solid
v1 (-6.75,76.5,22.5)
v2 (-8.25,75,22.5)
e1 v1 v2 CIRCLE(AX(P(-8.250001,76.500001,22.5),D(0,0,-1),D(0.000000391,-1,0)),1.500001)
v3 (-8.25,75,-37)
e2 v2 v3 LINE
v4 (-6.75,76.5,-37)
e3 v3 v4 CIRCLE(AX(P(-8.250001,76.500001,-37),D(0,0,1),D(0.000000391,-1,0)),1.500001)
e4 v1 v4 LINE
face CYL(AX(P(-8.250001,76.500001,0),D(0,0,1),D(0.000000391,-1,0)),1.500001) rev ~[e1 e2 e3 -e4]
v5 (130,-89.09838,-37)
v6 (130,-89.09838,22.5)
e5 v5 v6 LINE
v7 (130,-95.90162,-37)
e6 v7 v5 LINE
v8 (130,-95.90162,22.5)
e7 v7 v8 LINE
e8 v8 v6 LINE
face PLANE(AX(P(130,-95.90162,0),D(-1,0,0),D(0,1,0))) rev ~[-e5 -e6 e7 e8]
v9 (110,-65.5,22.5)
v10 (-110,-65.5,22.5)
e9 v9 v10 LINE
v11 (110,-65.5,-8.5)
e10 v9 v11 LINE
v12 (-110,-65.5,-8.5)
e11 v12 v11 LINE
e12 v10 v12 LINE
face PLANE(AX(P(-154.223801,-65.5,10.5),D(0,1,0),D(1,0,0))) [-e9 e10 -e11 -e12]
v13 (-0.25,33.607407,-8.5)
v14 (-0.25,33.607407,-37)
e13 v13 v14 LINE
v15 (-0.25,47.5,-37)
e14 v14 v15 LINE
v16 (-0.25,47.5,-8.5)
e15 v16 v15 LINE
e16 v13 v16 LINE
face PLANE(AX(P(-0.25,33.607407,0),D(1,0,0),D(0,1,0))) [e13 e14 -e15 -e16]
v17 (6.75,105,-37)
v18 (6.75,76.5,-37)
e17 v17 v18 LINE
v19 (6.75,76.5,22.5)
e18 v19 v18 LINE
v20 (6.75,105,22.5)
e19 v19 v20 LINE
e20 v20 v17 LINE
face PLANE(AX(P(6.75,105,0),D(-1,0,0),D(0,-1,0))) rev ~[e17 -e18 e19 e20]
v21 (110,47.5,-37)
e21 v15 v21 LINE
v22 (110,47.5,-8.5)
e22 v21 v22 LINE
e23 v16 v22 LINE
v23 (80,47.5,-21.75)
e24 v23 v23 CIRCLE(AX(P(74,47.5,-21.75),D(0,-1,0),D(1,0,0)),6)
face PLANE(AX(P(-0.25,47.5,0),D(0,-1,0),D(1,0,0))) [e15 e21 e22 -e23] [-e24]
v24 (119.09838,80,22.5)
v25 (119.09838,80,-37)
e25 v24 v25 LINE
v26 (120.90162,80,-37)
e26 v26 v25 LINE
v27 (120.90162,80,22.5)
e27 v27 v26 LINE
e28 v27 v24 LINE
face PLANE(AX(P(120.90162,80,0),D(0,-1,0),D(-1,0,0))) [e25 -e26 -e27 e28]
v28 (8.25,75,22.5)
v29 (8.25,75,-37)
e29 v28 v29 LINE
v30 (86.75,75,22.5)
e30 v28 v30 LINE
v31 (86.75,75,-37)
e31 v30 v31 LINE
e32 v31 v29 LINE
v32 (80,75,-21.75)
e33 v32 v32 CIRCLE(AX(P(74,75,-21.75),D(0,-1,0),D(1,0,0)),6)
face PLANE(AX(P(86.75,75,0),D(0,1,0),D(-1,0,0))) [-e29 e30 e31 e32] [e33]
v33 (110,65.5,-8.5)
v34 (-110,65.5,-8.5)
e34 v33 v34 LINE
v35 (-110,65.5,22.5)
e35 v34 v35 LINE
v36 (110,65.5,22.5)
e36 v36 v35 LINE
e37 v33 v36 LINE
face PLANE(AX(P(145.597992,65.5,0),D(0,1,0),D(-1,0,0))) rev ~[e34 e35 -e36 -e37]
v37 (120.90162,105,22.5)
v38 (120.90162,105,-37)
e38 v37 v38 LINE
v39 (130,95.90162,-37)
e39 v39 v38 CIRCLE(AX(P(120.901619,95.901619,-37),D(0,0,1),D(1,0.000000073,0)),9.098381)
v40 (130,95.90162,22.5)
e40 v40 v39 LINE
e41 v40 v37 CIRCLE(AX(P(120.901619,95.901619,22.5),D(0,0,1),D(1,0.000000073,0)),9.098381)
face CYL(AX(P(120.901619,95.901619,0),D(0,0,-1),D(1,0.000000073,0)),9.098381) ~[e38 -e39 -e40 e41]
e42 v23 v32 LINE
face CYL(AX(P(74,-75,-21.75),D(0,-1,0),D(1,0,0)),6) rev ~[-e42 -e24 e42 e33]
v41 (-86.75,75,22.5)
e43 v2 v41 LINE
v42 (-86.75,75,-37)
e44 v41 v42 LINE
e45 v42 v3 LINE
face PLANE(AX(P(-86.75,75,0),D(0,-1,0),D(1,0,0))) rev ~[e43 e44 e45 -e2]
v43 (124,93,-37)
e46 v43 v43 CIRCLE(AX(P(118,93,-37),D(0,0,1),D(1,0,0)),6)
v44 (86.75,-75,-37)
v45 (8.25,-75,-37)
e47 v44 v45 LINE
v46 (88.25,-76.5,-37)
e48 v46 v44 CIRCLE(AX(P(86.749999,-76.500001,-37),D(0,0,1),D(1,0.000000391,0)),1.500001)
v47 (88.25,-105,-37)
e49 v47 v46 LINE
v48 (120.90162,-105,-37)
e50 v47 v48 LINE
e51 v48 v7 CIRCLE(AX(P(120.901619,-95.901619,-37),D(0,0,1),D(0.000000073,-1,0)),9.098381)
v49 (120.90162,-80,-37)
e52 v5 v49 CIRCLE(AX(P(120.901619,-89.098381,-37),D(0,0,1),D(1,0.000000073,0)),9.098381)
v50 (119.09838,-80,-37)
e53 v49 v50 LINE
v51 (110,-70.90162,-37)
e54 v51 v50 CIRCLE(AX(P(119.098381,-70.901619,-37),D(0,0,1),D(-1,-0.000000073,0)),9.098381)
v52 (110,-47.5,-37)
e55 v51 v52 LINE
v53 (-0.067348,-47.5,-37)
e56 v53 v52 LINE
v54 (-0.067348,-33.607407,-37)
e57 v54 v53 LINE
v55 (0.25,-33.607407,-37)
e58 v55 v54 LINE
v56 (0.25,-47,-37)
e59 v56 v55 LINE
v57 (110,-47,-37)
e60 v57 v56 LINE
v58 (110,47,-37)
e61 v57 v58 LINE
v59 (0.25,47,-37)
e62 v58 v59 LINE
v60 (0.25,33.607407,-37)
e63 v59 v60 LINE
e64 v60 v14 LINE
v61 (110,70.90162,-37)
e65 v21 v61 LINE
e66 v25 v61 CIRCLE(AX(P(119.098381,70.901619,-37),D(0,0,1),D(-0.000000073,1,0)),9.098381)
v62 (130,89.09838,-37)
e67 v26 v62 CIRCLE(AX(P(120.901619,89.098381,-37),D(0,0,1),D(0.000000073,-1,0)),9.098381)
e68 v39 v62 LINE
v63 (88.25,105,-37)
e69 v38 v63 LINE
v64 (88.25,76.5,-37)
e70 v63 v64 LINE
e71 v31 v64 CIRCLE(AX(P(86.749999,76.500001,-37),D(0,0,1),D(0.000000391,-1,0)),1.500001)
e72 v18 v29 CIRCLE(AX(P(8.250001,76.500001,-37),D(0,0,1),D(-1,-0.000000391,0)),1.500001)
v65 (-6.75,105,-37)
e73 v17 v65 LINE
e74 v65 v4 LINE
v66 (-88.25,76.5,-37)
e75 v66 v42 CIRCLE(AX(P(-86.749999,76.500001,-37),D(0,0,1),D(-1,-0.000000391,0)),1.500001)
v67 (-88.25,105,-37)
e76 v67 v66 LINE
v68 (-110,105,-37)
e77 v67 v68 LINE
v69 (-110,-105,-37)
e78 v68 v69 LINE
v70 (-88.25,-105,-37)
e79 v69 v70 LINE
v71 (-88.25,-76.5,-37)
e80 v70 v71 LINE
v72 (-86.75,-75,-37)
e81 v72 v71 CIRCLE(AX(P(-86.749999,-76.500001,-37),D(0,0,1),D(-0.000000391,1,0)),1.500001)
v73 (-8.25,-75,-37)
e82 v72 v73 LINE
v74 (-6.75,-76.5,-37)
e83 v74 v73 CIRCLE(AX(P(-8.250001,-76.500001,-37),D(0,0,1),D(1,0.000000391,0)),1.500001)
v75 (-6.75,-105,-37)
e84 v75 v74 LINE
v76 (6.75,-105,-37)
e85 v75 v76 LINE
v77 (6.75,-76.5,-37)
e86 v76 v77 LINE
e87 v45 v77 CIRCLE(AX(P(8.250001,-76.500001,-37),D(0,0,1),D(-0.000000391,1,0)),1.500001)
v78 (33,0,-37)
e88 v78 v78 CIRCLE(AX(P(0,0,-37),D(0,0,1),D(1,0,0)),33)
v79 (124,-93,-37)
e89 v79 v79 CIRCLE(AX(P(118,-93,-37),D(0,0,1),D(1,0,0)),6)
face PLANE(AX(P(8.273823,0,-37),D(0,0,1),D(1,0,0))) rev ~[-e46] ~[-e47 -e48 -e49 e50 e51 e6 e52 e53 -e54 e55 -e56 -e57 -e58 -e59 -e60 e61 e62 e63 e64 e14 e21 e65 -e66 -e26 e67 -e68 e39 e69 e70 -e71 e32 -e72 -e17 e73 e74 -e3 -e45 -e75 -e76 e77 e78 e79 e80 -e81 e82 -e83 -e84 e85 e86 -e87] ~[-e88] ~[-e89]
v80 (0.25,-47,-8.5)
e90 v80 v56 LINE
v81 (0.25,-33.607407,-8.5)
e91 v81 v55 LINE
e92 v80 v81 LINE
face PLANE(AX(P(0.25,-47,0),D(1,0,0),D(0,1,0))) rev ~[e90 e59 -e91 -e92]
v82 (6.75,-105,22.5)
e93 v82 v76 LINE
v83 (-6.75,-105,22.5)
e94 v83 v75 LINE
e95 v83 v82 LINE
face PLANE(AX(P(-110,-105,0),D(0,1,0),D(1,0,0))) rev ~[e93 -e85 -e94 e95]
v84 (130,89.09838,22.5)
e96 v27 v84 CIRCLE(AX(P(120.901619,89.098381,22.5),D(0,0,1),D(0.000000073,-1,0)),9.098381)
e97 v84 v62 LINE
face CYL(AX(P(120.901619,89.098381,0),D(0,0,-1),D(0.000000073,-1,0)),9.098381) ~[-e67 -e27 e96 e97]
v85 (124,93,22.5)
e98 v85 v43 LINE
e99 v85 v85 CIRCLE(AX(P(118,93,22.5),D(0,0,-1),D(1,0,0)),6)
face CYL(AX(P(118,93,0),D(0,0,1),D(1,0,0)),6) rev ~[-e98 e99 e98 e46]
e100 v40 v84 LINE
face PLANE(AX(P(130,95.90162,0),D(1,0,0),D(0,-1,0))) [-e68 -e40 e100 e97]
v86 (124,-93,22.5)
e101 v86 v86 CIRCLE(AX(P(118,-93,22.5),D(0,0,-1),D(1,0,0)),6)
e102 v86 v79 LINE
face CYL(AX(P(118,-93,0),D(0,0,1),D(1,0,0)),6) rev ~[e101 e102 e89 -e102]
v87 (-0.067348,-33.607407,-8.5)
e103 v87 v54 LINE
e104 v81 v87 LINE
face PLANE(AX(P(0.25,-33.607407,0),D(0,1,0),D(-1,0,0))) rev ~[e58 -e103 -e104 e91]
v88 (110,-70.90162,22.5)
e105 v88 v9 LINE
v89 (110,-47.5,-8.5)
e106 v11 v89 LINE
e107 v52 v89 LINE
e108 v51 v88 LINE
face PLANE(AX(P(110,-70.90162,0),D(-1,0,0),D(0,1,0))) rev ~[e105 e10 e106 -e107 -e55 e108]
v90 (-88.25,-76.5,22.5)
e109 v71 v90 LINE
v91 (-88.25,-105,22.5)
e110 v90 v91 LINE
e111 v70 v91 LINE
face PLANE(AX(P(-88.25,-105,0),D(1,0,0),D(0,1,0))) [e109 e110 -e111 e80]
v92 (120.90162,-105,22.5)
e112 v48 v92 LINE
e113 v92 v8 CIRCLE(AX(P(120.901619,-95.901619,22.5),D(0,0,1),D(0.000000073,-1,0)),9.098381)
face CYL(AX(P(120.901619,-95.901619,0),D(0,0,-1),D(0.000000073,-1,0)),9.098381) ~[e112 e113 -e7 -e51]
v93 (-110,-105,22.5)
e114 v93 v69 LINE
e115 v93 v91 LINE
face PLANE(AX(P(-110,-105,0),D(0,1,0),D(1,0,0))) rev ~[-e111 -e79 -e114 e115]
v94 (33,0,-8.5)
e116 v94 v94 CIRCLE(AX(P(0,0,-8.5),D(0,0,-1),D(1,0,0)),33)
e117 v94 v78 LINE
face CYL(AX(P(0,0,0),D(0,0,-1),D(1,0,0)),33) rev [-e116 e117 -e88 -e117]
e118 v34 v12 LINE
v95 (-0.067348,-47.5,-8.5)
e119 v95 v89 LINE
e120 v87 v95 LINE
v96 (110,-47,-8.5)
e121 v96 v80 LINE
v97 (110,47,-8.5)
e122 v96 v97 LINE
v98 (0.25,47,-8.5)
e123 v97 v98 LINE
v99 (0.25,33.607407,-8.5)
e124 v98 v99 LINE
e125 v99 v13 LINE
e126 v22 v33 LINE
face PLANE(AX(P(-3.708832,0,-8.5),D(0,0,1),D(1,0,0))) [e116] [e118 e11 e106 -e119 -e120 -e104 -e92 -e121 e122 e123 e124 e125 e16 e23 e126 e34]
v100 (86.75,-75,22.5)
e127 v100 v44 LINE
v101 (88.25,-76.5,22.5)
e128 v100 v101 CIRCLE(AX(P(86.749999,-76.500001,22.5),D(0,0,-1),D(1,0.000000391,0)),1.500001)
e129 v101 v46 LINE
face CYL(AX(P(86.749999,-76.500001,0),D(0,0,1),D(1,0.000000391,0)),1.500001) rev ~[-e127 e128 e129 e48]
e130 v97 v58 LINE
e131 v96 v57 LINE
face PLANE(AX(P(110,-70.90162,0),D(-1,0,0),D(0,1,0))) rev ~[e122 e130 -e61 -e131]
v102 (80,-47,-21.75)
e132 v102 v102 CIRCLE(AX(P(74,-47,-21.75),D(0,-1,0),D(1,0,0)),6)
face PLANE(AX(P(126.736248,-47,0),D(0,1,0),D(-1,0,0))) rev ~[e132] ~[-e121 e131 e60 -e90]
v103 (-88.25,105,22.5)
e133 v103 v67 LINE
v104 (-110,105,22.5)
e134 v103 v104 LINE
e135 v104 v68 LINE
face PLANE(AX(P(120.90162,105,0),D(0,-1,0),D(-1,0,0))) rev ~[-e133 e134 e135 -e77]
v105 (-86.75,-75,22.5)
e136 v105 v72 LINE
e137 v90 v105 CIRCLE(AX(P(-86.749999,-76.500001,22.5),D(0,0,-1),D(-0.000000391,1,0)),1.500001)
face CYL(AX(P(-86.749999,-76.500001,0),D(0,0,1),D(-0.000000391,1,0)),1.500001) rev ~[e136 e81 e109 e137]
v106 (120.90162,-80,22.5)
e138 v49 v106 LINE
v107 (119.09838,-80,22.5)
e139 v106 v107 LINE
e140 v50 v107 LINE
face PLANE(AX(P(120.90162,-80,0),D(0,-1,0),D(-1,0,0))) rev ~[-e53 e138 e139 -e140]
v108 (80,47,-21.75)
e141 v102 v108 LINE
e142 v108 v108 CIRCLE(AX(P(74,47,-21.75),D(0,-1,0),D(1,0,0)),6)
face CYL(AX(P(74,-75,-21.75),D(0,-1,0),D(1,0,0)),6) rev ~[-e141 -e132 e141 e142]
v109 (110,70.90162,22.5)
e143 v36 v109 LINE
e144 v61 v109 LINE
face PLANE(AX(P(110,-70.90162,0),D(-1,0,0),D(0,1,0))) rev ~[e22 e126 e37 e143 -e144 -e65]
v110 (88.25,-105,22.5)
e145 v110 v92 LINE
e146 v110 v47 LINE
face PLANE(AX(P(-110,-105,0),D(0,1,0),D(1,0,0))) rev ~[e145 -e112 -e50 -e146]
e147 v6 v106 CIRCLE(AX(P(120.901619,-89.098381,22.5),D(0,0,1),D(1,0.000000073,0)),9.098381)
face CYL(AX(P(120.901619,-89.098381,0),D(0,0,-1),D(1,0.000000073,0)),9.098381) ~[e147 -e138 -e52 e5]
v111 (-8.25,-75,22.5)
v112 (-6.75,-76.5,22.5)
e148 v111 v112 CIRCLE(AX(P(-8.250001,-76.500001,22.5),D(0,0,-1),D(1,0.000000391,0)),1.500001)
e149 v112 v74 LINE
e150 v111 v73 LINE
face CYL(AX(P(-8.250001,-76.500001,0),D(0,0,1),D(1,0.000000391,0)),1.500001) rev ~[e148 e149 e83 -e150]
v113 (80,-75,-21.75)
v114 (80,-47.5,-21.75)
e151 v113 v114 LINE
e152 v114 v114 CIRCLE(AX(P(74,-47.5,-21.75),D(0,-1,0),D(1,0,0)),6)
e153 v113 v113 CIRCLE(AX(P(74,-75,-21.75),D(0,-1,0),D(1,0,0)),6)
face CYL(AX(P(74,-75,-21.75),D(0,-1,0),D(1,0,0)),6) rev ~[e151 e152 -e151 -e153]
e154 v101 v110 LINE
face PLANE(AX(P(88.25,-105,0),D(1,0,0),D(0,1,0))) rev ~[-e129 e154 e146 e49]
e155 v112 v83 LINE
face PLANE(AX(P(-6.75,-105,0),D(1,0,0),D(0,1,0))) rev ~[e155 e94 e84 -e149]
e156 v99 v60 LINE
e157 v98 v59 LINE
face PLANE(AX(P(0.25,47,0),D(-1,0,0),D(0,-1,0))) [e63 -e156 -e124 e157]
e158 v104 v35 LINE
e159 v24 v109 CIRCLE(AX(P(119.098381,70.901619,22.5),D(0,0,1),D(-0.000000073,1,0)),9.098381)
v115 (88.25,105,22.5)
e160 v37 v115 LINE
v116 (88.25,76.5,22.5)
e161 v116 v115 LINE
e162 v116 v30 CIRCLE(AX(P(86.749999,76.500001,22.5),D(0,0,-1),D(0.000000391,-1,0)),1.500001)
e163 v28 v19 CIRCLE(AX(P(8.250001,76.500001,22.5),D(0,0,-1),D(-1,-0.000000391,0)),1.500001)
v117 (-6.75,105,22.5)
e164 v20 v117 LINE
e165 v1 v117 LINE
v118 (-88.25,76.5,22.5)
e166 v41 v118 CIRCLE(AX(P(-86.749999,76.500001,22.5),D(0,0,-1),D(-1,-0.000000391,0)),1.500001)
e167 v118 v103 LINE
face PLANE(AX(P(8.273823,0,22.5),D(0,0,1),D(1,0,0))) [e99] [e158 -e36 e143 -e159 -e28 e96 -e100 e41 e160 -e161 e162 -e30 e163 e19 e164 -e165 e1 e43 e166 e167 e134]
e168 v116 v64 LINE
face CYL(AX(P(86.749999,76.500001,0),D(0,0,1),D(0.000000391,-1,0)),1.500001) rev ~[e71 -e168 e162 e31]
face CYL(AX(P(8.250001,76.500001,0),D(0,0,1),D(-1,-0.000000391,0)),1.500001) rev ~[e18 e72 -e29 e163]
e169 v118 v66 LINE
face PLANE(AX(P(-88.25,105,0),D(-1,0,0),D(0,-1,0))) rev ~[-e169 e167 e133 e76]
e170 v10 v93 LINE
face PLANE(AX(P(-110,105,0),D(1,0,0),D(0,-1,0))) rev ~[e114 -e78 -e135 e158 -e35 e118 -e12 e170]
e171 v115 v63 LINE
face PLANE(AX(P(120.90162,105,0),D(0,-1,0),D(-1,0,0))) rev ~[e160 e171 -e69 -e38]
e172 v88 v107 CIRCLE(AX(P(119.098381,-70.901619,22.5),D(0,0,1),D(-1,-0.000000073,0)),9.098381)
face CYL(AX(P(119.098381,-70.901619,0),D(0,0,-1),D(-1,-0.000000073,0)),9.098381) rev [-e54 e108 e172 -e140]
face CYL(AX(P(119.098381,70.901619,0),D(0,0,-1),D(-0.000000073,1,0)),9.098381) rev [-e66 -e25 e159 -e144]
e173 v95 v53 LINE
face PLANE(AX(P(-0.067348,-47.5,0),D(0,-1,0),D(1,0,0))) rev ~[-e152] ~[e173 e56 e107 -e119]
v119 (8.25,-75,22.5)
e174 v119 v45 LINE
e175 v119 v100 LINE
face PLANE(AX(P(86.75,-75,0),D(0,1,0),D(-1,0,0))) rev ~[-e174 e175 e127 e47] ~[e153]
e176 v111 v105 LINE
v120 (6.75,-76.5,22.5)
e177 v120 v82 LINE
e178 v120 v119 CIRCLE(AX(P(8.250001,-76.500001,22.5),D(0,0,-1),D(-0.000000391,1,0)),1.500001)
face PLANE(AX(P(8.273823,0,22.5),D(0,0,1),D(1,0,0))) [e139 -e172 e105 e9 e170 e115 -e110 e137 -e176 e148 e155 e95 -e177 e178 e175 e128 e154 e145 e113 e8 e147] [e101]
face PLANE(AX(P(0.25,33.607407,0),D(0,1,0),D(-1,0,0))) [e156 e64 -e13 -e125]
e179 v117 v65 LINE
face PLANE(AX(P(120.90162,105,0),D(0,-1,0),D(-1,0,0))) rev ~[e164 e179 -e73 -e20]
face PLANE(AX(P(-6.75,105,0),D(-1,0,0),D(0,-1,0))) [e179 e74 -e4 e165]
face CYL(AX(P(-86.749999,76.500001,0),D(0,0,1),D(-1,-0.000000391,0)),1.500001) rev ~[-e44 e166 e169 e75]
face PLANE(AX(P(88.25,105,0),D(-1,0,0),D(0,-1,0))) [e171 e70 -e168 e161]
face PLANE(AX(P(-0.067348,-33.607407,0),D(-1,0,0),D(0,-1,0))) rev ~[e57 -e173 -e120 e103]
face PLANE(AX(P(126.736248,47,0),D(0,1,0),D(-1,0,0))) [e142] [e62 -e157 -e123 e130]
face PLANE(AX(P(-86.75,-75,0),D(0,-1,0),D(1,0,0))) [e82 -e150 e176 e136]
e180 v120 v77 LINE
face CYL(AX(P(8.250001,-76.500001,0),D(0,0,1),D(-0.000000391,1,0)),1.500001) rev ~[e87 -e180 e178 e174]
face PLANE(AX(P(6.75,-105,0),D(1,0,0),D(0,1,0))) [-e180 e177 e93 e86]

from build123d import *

# Parameters (mm, degrees)
SKETCH021_R          = 33
PAD017_DEPTH         = 37
PAD017_DEPTH_BACK    = 22.5
POCKET017_DEPTH      = 8.5
POCKET017_DEPTH_BACK = 13
SKETCH_2_R           = 6
POCKET018_DEPTH      = 50
POCKET018_DEPTH_BACK = 50
SKETCH028_R          = 6
POCKET019_DEPTH      = 180.001
POCKET020_START      = 10.5
SKETCH034_W          = 315.852005
SKETCH034_H          = 131
POCKET020_DEPTH      = 14.5


with BuildPart() as part:
    # Sketch021 → Pad017 (new body, two sides)
    with BuildSketch(Plane.XY) as pad017_sk:
        with BuildLine():
            Line((-110, -105), (110, -105))
            Line((110, -105), (120.90162, -105))
            ThreePointArc((120.90162, -105), (127.335146, -102.335146), (130, -95.90162))
            Line((130, -95.90162), (130, -89.09838))
            ThreePointArc((130, -89.09838), (127.335146, -82.664854), (120.90162, -80))
            Line((120.90162, -80), (119.09838, -80))
            ThreePointArc((110, -70.90162), (112.664854, -77.335146), (119.09838, -80))
            Line((110, -70.90162), (110, 0))
            Line((110, 70.90162), (110, 0))
            ThreePointArc((119.09838, 80), (112.664854, 77.335146), (110, 70.90162))
            Line((120.90162, 80), (119.09838, 80))
            ThreePointArc((120.90162, 80), (127.335146, 82.664854), (130, 89.09838))
            Line((130, 95.90162), (130, 89.09838))
            ThreePointArc((130, 95.90162), (127.335146, 102.335146), (120.90162, 105))
            Line((110, 105), (120.90162, 105))
            Line((110, 105), (-110, 105))
            Line((-110, 105), (-110, 0))
            Line((-110, -105), (-110, 0))
        make_face()
        Circle(SKETCH021_R, mode=Mode.SUBTRACT)
    extrude(amount=-PAD017_DEPTH)
    extrude(pad017_sk.sketch, amount=PAD017_DEPTH_BACK)

    # Sketch_1 → Pocket017 (cut, two sides)
    with BuildSketch(Plane.XY) as pocket017_sk:
        Polygon((145.597992, 65.5), (0, 65.5), (-153.015656, 65.5), (-153.015656, -65.5), (0, -65.5), (145.597992, -65.5), align=None)
    extrude(amount=-POCKET017_DEPTH, mode=Mode.SUBTRACT)
    extrude(pocket017_sk.sketch, amount=POCKET017_DEPTH_BACK, mode=Mode.SUBTRACT)

    # Sketch_2 → Pocket018 (cut, two sides)
    with BuildSketch(Plane.XY) as pocket018_sk:
        with Locations((-118, 93)):
            Circle(SKETCH_2_R)
        with Locations((118, 93)):
            Circle(SKETCH_2_R)
        with Locations((-118, -93)):
            Circle(SKETCH_2_R)
        with Locations((118, -93)):
            Circle(SKETCH_2_R)
        Polygon((-0.25, 33.607407), (-0.25, 47.5), (126.736248, 47.5), (126.736248, 47), (0.25, 47), (0.25, 33.607407), align=None)
        with BuildLine():
            ThreePointArc((86.75, 75), (87.81066, 75.43934), (88.25, 76.5))
            Line((88.25, 105), (88.25, 76.5))
            Line((88.25, 105), (6.75, 105))
            Line((6.75, 105), (6.75, 76.5))
            ThreePointArc((6.75, 76.5), (7.18934, 75.43934), (8.25, 75))
            Line((86.75, 75), (8.25, 75))
        make_face()
        Polygon((-0.067348, -33.607407), (-0.067348, -47.5), (126.736248, -47.5), (126.736248, -47), (0.25, -47), (0.25, -33.607407), align=None)
        with BuildLine():
            ThreePointArc((-88.25, 76.5), (-87.81066, 75.43934), (-86.75, 75))
            Line((-86.75, 75), (-8.25, 75))
            ThreePointArc((-8.25, 75), (-7.18934, 75.43934), (-6.75, 76.5))
            Line((-6.75, 105), (-6.75, 76.5))
            Line((-88.25, 105), (-6.75, 105))
            Line((-88.25, 105), (-88.25, 76.5))
        make_face()
        with BuildLine():
            ThreePointArc((88.25, -76.5), (87.81066, -75.43934), (86.75, -75))
            Line((86.75, -75), (8.25, -75))
            ThreePointArc((8.25, -75), (7.18934, -75.43934), (6.75, -76.5))
            Line((6.75, -105), (6.75, -76.5))
            Line((88.25, -105), (6.75, -105))
            Line((88.25, -105), (88.25, -76.5))
        make_face()
        with BuildLine():
            ThreePointArc((-86.75, -75), (-87.81066, -75.43934), (-88.25, -76.5))
            Line((-88.25, -105), (-88.25, -76.5))
            Line((-88.25, -105), (-6.75, -105))
            Line((-6.75, -105), (-6.75, -76.5))
            ThreePointArc((-6.75, -76.5), (-7.18934, -75.43934), (-8.25, -75))
            Line((-86.75, -75), (-8.25, -75))
        make_face()
    extrude(amount=-POCKET018_DEPTH, mode=Mode.SUBTRACT)
    extrude(pocket018_sk.sketch, amount=POCKET018_DEPTH_BACK, mode=Mode.SUBTRACT)

    # Sketch028 → Pocket019 (cut, through all)
    with BuildSketch(Plane.XZ.offset(75)):
        with Locations((74, -21.75)):
            Circle(SKETCH028_R)
    extrude(amount=-POCKET019_DEPTH, mode=Mode.SUBTRACT)

    # Sketch034 → Pocket020 (cut)
    with BuildSketch(Plane.XY.offset(POCKET020_START)):
        with Locations((3.702202, 0)):
            Rectangle(SKETCH034_W, SKETCH034_H)
    extrude(amount=POCKET020_DEPTH, mode=Mode.SUBTRACT)


solid = part.part
